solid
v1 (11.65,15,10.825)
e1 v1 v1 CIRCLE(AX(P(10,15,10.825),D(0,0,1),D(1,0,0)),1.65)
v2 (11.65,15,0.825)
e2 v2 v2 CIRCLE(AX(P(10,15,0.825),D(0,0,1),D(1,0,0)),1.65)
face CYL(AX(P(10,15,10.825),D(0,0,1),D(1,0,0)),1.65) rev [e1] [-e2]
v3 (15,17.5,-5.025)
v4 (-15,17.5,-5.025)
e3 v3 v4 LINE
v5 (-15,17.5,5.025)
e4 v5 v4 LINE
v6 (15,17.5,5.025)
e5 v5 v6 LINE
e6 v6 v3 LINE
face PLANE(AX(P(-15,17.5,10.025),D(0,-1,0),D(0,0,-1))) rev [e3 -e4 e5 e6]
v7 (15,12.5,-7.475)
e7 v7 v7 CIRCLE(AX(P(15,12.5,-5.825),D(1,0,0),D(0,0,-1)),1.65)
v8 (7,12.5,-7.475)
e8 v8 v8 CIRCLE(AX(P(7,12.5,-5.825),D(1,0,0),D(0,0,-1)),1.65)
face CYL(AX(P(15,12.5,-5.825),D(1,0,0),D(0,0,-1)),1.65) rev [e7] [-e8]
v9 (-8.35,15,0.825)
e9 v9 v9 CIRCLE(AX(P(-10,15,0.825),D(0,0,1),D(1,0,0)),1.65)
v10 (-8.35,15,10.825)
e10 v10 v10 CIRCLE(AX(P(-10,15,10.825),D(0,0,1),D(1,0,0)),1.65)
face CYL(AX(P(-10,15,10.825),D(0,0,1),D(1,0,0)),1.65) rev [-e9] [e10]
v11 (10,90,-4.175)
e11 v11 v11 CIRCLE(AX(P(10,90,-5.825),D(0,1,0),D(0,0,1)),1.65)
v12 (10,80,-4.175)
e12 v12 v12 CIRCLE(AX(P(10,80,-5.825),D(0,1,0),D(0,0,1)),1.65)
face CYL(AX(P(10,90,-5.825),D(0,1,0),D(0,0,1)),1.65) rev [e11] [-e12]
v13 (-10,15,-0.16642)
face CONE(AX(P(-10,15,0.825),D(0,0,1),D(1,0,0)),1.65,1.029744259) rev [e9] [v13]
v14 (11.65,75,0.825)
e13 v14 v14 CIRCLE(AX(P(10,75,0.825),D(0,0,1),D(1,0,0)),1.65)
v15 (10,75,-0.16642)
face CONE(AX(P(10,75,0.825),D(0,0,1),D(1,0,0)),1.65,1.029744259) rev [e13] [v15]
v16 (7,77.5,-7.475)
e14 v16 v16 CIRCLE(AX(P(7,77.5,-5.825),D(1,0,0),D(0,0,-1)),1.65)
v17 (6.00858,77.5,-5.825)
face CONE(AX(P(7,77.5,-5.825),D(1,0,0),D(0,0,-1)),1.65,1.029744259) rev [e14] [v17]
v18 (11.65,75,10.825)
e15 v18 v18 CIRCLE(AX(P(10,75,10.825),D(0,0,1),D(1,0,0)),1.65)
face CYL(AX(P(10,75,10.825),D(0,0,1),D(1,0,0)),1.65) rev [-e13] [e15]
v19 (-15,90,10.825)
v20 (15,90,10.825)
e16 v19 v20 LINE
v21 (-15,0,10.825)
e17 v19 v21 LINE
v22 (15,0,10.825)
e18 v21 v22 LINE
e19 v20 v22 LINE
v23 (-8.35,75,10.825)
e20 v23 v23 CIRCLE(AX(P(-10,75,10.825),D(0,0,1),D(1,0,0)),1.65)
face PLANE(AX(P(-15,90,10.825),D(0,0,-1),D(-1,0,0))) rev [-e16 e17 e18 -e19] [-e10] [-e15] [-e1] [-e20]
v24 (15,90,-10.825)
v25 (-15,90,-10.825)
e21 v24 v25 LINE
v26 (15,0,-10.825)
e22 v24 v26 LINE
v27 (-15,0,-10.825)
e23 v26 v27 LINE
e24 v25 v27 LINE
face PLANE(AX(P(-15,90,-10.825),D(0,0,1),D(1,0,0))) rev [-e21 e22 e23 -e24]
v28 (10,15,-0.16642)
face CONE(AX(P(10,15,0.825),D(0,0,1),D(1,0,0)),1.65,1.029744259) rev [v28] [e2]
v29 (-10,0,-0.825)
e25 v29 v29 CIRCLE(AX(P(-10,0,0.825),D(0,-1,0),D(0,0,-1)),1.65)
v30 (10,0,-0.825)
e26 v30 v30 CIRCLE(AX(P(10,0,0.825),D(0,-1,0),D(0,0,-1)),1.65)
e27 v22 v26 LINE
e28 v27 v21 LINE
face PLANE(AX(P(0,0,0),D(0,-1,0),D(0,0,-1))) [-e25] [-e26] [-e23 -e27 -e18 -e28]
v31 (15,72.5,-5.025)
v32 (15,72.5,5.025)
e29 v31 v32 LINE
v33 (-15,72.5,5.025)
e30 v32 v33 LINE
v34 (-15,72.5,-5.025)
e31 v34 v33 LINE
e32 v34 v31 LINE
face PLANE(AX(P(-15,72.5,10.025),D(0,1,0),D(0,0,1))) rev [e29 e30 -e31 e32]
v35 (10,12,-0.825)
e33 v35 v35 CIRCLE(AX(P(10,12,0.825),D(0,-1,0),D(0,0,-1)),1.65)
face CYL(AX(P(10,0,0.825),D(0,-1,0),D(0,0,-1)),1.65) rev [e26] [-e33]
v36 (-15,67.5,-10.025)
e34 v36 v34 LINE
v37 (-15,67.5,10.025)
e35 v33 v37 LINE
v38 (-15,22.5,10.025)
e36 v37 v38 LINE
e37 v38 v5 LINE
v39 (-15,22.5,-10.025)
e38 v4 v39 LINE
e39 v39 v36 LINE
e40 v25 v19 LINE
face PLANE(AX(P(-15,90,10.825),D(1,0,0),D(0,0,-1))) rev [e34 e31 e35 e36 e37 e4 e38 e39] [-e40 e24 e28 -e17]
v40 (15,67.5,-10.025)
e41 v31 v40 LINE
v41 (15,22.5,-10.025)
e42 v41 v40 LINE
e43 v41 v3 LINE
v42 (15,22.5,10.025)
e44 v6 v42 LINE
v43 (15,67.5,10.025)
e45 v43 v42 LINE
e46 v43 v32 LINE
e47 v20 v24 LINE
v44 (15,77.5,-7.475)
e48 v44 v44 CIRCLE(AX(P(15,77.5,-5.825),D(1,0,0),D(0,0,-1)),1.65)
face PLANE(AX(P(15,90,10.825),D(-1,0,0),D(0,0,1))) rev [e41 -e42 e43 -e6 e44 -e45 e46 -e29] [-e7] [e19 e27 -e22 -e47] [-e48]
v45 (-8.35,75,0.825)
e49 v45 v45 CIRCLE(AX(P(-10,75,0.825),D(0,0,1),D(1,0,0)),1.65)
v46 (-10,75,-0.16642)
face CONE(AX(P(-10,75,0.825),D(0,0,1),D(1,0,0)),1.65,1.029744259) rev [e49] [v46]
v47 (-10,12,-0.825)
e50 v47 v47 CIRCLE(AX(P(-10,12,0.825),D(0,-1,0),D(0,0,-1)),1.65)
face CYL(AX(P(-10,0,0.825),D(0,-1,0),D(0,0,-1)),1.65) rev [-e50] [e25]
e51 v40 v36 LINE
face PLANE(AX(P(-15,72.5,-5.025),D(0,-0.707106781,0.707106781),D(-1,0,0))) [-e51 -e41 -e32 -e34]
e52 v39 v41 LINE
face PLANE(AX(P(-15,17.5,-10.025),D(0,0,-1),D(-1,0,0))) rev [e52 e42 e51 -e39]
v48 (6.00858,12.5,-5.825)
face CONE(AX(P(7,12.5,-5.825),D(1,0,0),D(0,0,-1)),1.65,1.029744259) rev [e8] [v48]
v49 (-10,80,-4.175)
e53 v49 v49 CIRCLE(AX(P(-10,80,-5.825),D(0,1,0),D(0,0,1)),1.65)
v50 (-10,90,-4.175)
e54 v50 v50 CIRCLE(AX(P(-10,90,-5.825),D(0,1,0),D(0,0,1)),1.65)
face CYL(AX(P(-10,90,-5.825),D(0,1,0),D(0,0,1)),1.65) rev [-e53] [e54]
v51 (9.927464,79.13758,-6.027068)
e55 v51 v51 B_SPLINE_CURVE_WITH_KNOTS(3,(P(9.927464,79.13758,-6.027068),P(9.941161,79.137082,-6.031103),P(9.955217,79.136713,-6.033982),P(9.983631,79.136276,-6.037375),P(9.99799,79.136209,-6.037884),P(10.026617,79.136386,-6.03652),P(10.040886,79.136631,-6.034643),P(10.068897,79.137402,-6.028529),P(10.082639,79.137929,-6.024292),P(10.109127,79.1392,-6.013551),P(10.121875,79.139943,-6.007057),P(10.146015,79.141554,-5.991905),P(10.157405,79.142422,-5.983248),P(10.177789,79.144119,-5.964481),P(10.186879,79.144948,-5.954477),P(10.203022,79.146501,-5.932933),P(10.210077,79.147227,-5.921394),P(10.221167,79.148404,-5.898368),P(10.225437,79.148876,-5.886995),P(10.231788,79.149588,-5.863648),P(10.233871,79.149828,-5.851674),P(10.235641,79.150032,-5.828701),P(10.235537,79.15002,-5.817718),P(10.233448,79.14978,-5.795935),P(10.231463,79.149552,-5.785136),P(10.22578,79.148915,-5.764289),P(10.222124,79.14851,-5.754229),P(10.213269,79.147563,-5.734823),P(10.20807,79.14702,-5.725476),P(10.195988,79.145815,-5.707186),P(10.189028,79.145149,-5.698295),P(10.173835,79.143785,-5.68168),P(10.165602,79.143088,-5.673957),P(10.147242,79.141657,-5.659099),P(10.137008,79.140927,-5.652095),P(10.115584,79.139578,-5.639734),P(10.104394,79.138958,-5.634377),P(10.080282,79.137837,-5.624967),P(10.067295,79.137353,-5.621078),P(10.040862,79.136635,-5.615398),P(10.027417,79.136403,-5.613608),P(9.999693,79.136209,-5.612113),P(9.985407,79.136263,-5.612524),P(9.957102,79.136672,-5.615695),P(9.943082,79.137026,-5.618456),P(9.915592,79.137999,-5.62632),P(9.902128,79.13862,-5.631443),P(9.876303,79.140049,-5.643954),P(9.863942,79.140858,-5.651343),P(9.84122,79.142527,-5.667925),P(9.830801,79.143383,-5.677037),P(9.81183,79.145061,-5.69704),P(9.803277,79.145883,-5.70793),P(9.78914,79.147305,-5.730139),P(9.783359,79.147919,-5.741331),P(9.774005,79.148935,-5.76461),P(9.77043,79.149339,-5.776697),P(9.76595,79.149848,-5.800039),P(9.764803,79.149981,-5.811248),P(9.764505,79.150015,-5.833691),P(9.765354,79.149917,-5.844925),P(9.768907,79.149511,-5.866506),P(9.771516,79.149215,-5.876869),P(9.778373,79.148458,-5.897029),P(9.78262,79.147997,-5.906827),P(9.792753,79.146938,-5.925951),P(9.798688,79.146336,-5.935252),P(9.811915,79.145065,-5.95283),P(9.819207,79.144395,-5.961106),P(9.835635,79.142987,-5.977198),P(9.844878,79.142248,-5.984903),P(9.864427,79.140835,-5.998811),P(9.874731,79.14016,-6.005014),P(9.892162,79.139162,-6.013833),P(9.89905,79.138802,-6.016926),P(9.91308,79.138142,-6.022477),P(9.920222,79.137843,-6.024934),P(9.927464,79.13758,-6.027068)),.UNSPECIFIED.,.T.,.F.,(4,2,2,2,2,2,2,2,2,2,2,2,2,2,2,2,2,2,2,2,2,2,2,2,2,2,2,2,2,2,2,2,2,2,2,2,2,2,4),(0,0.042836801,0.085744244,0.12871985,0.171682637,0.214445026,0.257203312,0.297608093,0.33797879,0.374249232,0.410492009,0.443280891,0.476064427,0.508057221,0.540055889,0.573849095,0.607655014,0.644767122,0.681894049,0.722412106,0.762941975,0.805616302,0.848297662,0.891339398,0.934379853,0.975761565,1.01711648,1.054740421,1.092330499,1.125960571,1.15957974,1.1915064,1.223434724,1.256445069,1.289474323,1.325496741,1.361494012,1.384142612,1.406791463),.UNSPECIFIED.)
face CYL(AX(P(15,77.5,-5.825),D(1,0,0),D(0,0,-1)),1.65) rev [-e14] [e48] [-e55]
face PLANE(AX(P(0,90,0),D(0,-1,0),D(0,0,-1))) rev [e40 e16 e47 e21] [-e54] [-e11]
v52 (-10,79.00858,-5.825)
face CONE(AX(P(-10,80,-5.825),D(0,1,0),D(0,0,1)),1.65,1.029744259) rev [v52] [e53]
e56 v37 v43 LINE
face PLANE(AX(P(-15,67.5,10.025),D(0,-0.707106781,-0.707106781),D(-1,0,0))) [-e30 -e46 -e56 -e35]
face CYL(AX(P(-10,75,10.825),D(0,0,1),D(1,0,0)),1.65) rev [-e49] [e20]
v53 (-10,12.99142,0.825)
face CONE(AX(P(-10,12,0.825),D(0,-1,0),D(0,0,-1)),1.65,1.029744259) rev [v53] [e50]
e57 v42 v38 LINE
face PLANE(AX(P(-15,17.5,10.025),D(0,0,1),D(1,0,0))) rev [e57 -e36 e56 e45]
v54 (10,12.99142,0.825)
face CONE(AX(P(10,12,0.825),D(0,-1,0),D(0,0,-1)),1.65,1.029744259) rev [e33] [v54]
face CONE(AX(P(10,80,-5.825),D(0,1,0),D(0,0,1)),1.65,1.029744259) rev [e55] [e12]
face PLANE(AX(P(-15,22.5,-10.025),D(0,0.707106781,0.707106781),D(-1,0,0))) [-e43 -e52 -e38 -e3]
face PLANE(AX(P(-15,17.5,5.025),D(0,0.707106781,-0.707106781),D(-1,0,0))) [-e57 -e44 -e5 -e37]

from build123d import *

# Parameters (mm, degrees)
SKETCH1_W                 = 30
SKETCH1_H                 = 21.65
BOSS_EXTRUDE1_DEPTH       = 90
M4X0_7_TAPPED_HOLE1_D     = 3.3
M4X0_7_TAPPED_HOLE1_DEPTH = 10
M4X0_7_TAPPED_HOLE1_TIP   = 0.991420021
M4X0_7_TAPPED_HOLE2_D     = 3.3
M4X0_7_TAPPED_HOLE2_DEPTH = 12
M4X0_7_TAPPED_HOLE2_TIP   = 0.991420021
SKETCH7_W                 = 20.05
SKETCH7_H                 = 55
CUT_EXTRUDE1_DEPTH        = 96.483928622
CHAMFER1_SIZE             = 5
M4X0_7_TAPPED_HOLE3_D     = 3.3
M4X0_7_TAPPED_HOLE3_DEPTH = 10
M4X0_7_TAPPED_HOLE3_TIP   = 0.991420021
M4X0_7_TAPPED_HOLE4_D     = 3.3
M4X0_7_TAPPED_HOLE4_DEPTH = 8
M4X0_7_TAPPED_HOLE4_TIP   = 0.991420021


with BuildPart() as part:
    # Sketch1 → Boss-Extrude1 (new body)
    with BuildSketch(Plane(origin=(0, 0, 0), x_dir=(1, 0, 0), z_dir=(0, 1, 0))):
        Rectangle(SKETCH1_W, SKETCH1_H)
    extrude(amount=BOSS_EXTRUDE1_DEPTH)

    # M4x0.7 Tapped Hole1
    with Locations(Plane(origin=(0, 90, 0), x_dir=(1, 0, 0), z_dir=(0, 1, 0))):
        with Locations((-10, 5.825), (10, 5.825)):
            Hole(M4X0_7_TAPPED_HOLE1_D / 2, depth=M4X0_7_TAPPED_HOLE1_DEPTH)
            with Locations((0, 0, -(M4X0_7_TAPPED_HOLE1_DEPTH + M4X0_7_TAPPED_HOLE1_TIP / 2))):  # 118° drill point
                Cone(0, M4X0_7_TAPPED_HOLE1_D / 2, M4X0_7_TAPPED_HOLE1_TIP, mode=Mode.SUBTRACT)

    # M4x0.7 Tapped Hole2
    with Locations(Plane(origin=(0, 0, 0), x_dir=(-1, 0, 0), z_dir=(0, -1, 0))):
        with Locations((-10, -0.825), (10, -0.825)):
            Hole(M4X0_7_TAPPED_HOLE2_D / 2, depth=M4X0_7_TAPPED_HOLE2_DEPTH)
            with Locations((0, 0, -(M4X0_7_TAPPED_HOLE2_DEPTH + M4X0_7_TAPPED_HOLE2_TIP / 2))):  # 118° drill point
                Cone(0, M4X0_7_TAPPED_HOLE2_D / 2, M4X0_7_TAPPED_HOLE2_TIP, mode=Mode.SUBTRACT)

    # Sketch7 → Cut-Extrude1 (cut, through all)
    with BuildSketch(Plane(origin=(15, 0, 0), x_dir=(0, 0, -1), z_dir=(1, 0, 0))):
        with Locations((0, 45)):
            Rectangle(SKETCH7_W, SKETCH7_H)
    extrude(amount=-CUT_EXTRUDE1_DEPTH, mode=Mode.SUBTRACT)

    # Chamfer1
    chamfer1_edges = [part.edges().sort_by_distance(p)[0] for p in [
        (0, 72.5, -10.025),
        (0, 17.5, -10.025),
        (0, 17.5, 10.025),
        (0, 72.5, 10.025),
    ]]
    chamfer(chamfer1_edges, length=CHAMFER1_SIZE)

    # M4x0.7 Tapped Hole3
    with Locations(Plane.XY.offset(10.825)):
        with Locations((-10, 15), (10, 15), (10, 75), (-10, 75)):
            Hole(M4X0_7_TAPPED_HOLE3_D / 2, depth=M4X0_7_TAPPED_HOLE3_DEPTH)
            with Locations((0, 0, -(M4X0_7_TAPPED_HOLE3_DEPTH + M4X0_7_TAPPED_HOLE3_TIP / 2))):  # 118° drill point
                Cone(0, M4X0_7_TAPPED_HOLE3_D / 2, M4X0_7_TAPPED_HOLE3_TIP, mode=Mode.SUBTRACT)

    # M4x0.7 Tapped Hole4
    with Locations(Plane(origin=(15, 0, 0), x_dir=(0, 0, -1), z_dir=(1, 0, 0))):
        with Locations((5.825, 12.5), (5.825, 77.5)):
            Hole(M4X0_7_TAPPED_HOLE4_D / 2, depth=M4X0_7_TAPPED_HOLE4_DEPTH)
            with Locations((0, 0, -(M4X0_7_TAPPED_HOLE4_DEPTH + M4X0_7_TAPPED_HOLE4_TIP / 2))):  # 118° drill point
                Cone(0, M4X0_7_TAPPED_HOLE4_D / 2, M4X0_7_TAPPED_HOLE4_TIP, mode=Mode.SUBTRACT)


solid = part.part
